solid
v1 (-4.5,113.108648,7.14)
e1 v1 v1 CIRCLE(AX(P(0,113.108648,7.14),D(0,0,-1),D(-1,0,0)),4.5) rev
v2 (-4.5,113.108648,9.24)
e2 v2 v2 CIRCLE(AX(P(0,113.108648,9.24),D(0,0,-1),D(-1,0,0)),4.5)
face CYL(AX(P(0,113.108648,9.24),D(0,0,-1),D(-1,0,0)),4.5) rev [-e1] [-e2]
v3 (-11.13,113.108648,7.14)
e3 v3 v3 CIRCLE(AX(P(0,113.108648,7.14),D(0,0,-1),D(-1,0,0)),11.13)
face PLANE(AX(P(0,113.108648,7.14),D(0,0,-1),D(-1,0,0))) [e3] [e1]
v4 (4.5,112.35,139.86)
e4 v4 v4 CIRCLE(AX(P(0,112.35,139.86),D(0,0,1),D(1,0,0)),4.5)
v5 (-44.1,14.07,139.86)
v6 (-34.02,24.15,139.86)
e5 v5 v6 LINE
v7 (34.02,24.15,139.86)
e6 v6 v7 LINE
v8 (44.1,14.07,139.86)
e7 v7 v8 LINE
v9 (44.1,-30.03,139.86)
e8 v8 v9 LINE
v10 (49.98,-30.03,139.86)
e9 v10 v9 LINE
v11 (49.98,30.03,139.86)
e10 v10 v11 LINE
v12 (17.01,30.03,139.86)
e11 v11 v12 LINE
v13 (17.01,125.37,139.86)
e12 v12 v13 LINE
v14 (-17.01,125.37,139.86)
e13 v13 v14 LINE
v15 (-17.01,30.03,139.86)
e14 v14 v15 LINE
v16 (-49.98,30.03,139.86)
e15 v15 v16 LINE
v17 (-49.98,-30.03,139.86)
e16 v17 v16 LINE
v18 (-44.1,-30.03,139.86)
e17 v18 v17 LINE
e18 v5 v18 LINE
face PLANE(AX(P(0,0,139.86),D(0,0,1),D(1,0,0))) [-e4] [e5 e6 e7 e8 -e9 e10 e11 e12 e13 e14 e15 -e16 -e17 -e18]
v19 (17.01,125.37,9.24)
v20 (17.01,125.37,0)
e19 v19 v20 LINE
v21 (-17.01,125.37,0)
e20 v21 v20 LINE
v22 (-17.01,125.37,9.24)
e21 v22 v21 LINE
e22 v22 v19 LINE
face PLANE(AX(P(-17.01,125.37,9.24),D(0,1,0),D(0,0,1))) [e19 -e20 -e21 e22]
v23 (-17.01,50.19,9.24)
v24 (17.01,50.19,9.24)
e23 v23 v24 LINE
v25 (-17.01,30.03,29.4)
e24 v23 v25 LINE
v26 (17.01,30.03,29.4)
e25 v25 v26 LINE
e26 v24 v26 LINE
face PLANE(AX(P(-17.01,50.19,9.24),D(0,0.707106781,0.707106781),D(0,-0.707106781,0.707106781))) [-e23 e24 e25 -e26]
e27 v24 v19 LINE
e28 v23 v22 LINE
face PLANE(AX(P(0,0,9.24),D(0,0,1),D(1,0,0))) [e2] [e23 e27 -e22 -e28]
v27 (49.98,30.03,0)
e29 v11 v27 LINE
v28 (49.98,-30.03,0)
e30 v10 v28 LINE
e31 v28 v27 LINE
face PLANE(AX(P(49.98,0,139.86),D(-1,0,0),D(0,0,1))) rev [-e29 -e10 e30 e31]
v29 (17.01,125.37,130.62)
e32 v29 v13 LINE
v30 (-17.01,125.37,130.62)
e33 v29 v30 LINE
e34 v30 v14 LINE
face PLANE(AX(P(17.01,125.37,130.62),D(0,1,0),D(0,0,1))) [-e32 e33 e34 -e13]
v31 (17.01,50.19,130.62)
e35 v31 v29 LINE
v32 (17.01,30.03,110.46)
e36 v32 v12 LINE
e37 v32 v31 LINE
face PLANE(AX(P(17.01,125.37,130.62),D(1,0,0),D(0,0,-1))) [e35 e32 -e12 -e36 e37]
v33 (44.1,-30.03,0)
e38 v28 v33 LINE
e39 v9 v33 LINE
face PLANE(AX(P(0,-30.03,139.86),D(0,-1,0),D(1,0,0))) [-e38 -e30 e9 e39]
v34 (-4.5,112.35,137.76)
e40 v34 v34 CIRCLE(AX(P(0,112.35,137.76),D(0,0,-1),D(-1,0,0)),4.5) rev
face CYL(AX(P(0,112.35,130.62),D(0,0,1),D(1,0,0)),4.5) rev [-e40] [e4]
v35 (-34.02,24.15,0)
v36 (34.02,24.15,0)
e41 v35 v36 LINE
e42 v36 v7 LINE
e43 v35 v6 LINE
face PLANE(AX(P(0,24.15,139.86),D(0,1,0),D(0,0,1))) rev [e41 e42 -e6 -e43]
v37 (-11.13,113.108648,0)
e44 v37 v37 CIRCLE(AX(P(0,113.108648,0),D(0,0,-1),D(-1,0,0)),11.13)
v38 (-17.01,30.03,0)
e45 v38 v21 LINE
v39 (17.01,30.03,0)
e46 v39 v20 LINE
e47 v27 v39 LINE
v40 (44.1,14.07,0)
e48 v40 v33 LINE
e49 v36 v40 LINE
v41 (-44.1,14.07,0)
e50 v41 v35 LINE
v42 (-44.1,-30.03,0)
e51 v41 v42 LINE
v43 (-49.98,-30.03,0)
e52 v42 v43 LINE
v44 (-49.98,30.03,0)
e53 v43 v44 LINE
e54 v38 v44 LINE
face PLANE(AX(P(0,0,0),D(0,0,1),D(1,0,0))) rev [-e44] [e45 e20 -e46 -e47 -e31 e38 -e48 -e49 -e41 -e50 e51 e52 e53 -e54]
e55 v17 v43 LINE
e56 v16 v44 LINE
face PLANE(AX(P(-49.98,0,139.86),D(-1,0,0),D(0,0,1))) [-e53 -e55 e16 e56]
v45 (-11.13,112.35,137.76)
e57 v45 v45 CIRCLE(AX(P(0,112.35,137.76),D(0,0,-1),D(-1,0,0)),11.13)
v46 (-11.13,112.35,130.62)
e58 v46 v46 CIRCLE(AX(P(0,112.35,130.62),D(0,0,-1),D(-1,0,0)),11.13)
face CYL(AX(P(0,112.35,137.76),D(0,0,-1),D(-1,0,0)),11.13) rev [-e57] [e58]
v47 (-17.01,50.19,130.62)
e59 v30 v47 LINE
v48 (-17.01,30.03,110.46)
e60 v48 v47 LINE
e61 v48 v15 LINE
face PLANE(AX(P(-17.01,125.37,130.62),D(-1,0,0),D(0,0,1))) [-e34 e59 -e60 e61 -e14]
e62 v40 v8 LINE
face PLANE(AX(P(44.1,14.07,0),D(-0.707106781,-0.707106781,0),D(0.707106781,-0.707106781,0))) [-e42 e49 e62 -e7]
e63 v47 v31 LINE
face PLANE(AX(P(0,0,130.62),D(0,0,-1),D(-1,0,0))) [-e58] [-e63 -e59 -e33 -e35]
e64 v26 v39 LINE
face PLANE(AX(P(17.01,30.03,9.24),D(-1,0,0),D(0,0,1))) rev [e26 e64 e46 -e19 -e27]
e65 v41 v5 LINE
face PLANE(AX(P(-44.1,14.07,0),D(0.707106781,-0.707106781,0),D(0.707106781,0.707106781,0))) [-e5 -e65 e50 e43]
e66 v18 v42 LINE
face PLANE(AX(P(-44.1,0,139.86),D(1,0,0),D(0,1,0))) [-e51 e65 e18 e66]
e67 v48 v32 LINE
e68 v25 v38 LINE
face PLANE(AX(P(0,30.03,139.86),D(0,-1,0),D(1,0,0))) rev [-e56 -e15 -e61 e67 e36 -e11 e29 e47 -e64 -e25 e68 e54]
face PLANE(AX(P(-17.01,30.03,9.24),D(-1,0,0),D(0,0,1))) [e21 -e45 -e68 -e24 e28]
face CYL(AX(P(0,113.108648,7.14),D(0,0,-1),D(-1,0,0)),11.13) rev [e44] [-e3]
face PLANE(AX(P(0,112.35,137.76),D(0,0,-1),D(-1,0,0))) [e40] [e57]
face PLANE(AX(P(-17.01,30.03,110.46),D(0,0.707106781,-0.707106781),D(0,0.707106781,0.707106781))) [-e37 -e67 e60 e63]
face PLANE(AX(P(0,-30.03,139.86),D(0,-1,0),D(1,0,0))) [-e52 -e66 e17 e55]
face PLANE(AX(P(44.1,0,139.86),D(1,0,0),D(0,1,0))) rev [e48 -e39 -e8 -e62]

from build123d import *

# Parameters (mm, degrees)
RESSALTO_EXTRUS_O1_DEPTH = 139.86
RESSALTO_EXTRUS_O2_DEPTH = 139.86
ESBO_O3_W                = 34.02
ESBO_O3_H                = 95.34
RESSALTO_EXTRUS_O3_DEPTH = 9.24
ESBO_O4_R                = 4.5
CORTE_EXTRUS_O1_DEPTH    = 9.24
RESSALTO_EXTRUS_O4_DEPTH = 34.02
ESBO_O7_W                = 34.02
ESBO_O7_H                = 95.34
RESSALTO_EXTRUS_O5_DEPTH = 9.24
ESBO_O8_R                = 4.5
CORTE_EXTRUS_O3_DEPTH    = 9.24
ESBO_O9_R                = 11.13
CORTE_EXTRUS_O4_DEPTH    = 7.14
RESSALTO_EXTRUS_O6_DEPTH = 34.02
ESBO_O12_R               = 11.13
CORTE_EXTRUS_O5_DEPTH    = 7.14


with BuildPart() as part:
    # Esboço1 → Ressalto-extrusão1 (new body)
    with BuildSketch(Plane.XY):
        Polygon((44.1, -30.03), (49.98, -30.03), (49.98, 30.03), (-49.98, 30.03), (-49.98, -30.03), (-44.1, -30.03), (-44.1, 24.15), (44.1, 24.15), align=None)
    extrude(amount=RESSALTO_EXTRUS_O1_DEPTH)

    # Esboço2 → Ressalto-extrusão2 (add)
    with BuildSketch(Plane.XY.offset(139.86)):
        Polygon((-44.1, 24.15), (-44.1, 14.07), (-34.02, 24.15), align=None)
        Polygon((44.1, 24.15), (44.1, 14.07), (34.02, 24.15), align=None)
    extrude(amount=-RESSALTO_EXTRUS_O2_DEPTH)

    # Esboço3 → Ressalto-extrusão3 (add)
    with BuildSketch(Plane.XY.offset(139.86)):
        with Locations((0, 77.7)):
            Rectangle(ESBO_O3_W, ESBO_O3_H)
    extrude(amount=-RESSALTO_EXTRUS_O3_DEPTH)

    # Esboço4 → Corte-extrusão1 (cut)
    with BuildSketch(Plane.XY.offset(139.86)):
        with Locations((0, 112.35)):
            Circle(ESBO_O4_R)
    extrude(amount=-CORTE_EXTRUS_O1_DEPTH, mode=Mode.SUBTRACT)

    # Esboço6 → Ressalto-extrusão4 (add)
    with BuildSketch(Plane(origin=(17.01, 0, 0), x_dir=(0, 0, -1), z_dir=(1, 0, 0))):
        Polygon((-130.62, 50.19), (-130.62, 30.03), (-110.46, 30.03), align=None)
    extrude(amount=-RESSALTO_EXTRUS_O4_DEPTH)

    # Esboço7 → Ressalto-extrusão5 (add)
    with BuildSketch(Plane(origin=(0, 0, 0), x_dir=(-1, 0, 0), z_dir=(0, 0, -1))):
        with Locations((0, 77.7)):
            Rectangle(ESBO_O7_W, ESBO_O7_H)
    extrude(amount=-RESSALTO_EXTRUS_O5_DEPTH)

    # Esboço8 → Corte-extrusão3 (cut)
    with BuildSketch(Plane(origin=(0, 0, 0), x_dir=(-1, 0, 0), z_dir=(0, 0, -1))):
        with Locations((0, 113.108647766)):
            Circle(ESBO_O8_R)
    extrude(amount=-CORTE_EXTRUS_O3_DEPTH, mode=Mode.SUBTRACT)

    # Esboço9 → Corte-extrusão4 (cut)
    with BuildSketch(Plane(origin=(0, 0, 0), x_dir=(-1, 0, 0), z_dir=(0, 0, -1))):
        with Locations((0, 113.108647766)):
            Circle(ESBO_O9_R)
    extrude(amount=-CORTE_EXTRUS_O4_DEPTH, mode=Mode.SUBTRACT)

    # Esboço10 → Ressalto-extrusão6 (add)
    with BuildSketch(Plane(origin=(17.01, 0, 0), x_dir=(0, 0, -1), z_dir=(1, 0, 0))):
        Polygon((-9.24, 30.03), (-9.24, 50.19), (-29.4, 30.03), align=None)
    extrude(amount=-RESSALTO_EXTRUS_O6_DEPTH)

    # Esboço12 → Corte-extrusão5 (cut)
    with BuildSketch(Plane(origin=(0, 0, 130.62), x_dir=(-1, 0, 0), z_dir=(0, 0, -1))):
        with Locations((0, 112.35)):
            Circle(ESBO_O12_R)
    extrude(amount=-CORTE_EXTRUS_O5_DEPTH, mode=Mode.SUBTRACT)


solid = part.part
